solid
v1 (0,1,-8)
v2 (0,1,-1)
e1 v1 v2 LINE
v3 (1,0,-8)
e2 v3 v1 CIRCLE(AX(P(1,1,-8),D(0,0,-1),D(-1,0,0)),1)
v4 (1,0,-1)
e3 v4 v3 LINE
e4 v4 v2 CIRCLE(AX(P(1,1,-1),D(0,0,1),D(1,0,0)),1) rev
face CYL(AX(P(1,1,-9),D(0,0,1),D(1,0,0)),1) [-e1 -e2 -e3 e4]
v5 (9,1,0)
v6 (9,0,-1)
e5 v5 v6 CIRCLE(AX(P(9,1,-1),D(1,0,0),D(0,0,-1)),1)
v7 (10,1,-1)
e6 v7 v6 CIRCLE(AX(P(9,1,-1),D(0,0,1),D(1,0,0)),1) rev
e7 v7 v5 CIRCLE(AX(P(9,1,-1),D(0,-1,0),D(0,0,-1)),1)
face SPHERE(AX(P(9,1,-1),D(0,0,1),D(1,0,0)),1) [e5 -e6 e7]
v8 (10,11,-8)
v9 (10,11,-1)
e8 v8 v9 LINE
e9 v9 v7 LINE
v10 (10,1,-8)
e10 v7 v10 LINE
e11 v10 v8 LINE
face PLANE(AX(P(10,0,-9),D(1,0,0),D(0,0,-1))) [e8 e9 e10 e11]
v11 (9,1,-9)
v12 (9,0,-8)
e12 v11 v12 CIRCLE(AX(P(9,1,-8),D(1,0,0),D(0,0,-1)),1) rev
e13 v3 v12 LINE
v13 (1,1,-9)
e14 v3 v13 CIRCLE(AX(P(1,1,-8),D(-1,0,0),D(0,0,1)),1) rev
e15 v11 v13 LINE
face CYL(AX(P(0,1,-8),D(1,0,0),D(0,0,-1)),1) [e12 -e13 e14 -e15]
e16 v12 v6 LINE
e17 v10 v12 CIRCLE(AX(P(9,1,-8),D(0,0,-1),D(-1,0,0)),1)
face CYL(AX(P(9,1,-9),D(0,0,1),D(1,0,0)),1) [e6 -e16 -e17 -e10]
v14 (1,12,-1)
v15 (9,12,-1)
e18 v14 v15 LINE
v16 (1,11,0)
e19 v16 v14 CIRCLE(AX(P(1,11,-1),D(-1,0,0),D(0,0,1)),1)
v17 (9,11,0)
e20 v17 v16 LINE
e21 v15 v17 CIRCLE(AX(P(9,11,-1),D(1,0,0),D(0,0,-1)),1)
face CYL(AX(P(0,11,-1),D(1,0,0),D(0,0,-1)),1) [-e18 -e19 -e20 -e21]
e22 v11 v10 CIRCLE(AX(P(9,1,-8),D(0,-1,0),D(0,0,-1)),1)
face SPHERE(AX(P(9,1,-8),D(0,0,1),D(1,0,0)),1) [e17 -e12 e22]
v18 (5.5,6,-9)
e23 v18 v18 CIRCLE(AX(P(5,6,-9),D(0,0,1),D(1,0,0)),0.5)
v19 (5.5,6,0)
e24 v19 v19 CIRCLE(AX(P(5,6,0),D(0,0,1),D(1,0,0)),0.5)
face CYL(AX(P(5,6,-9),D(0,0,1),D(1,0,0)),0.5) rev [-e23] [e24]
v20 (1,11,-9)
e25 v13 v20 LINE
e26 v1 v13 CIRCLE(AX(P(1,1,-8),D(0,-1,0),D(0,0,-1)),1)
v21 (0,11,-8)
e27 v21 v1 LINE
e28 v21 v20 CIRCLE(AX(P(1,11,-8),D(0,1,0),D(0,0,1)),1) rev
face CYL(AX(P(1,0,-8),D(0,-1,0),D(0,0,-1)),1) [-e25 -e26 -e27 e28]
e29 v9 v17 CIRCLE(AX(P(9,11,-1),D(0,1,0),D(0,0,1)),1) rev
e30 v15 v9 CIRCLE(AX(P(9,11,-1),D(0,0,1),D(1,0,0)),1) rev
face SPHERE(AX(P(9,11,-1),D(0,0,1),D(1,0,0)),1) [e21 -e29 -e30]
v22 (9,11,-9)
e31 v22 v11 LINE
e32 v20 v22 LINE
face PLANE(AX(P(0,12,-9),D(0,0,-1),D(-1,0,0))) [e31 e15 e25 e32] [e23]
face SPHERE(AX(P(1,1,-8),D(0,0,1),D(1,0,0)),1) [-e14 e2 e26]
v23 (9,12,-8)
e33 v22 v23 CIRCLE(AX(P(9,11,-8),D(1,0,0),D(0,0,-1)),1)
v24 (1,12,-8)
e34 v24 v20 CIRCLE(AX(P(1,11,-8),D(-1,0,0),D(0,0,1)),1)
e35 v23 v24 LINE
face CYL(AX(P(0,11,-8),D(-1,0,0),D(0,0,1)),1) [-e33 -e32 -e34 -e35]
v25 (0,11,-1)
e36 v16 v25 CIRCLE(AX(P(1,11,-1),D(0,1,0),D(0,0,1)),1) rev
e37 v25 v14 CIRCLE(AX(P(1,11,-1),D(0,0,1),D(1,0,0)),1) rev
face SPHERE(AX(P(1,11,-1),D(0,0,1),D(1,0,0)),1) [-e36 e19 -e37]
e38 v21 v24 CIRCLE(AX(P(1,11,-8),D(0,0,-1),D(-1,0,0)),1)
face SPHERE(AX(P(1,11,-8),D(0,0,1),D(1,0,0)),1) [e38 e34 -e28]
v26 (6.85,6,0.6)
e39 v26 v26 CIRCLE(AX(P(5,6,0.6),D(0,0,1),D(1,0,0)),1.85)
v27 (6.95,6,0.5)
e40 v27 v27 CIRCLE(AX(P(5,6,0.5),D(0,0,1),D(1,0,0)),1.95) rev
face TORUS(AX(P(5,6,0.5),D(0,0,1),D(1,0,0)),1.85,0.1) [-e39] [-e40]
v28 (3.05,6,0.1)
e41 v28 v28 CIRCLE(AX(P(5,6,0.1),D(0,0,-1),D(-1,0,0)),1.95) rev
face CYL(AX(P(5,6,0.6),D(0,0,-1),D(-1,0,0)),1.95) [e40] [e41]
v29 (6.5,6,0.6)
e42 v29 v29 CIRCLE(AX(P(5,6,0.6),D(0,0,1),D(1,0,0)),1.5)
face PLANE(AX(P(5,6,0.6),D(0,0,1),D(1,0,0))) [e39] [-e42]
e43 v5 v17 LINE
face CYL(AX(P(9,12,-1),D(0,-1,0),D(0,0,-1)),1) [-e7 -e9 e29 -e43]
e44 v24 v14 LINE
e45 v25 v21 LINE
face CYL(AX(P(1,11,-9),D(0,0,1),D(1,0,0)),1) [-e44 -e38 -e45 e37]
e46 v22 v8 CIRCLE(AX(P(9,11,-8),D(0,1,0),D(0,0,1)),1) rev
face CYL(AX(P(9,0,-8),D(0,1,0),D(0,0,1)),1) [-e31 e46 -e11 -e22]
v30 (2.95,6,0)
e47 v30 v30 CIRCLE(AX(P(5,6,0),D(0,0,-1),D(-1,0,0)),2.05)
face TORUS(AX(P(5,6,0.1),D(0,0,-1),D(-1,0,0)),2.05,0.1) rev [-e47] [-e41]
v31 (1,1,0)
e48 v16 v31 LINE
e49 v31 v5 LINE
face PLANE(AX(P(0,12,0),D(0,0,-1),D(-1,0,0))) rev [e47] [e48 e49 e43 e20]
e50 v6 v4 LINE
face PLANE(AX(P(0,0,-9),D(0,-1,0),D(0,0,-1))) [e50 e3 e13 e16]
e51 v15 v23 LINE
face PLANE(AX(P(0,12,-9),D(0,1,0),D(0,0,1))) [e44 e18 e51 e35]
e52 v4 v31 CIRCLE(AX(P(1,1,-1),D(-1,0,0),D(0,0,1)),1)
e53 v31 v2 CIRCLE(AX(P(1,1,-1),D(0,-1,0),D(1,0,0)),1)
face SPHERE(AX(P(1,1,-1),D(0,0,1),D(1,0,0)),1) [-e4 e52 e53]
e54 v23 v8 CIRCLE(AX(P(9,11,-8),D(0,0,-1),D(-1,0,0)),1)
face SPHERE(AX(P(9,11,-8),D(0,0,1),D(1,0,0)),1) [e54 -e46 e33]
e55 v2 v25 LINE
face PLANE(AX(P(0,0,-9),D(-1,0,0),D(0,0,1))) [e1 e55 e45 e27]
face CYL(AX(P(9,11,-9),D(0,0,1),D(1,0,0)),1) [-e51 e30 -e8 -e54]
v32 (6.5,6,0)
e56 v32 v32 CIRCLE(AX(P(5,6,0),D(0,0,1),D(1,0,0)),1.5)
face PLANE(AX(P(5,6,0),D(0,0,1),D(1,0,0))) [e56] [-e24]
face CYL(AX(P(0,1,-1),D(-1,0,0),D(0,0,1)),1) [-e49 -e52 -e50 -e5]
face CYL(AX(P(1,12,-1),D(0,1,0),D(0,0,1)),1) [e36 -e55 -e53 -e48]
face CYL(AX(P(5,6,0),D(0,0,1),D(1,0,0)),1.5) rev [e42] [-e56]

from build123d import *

# Parameters (mm, degrees)
SKETCH1_W           = 10
SKETCH1_H           = 12
BOSS_EXTRUDE1_DEPTH = 9
SKETCH3_R           = 1.95
BOSS_EXTRUDE2_DEPTH = 0.6
SKETCH5_R           = 1.5
CUT_EXTRUDE1_DEPTH  = 0.6
SKETCH7_R           = 0.5
CUT_EXTRUDE2_DEPTH  = 19.027756377
FILLET1_R           = 1
FILLET2_R           = 0.1


with BuildPart() as part:
    # Sketch1 → Boss-Extrude1 (new body)
    with BuildSketch(Plane.XY):
        with Locations((5, 6)):
            Rectangle(SKETCH1_W, SKETCH1_H)
    extrude(amount=-BOSS_EXTRUDE1_DEPTH)

    # Sketch3 → Boss-Extrude2 (add)
    with BuildSketch(Plane.XY):
        with Locations(Location((5, 6, 0), (0, 0, 180))):
            Circle(SKETCH3_R)
    extrude(amount=BOSS_EXTRUDE2_DEPTH)

    # Sketch5 → Cut-Extrude1 (cut)
    with BuildSketch(Plane.XY.offset(0.6)):
        with Locations((5, 6)):
            Circle(SKETCH5_R)
    extrude(amount=-CUT_EXTRUDE1_DEPTH, mode=Mode.SUBTRACT)

    # Sketch7 → Cut-Extrude2 (cut, through all)
    with BuildSketch(Plane.XY):
        with Locations((5, 6)):
            Circle(SKETCH7_R)
    extrude(amount=-CUT_EXTRUDE2_DEPTH, mode=Mode.SUBTRACT)

    # Fillet1
    fillet1_edges = [part.edges().sort_by_distance(p)[0] for p in [
        (10, 6, -9),
        (5, 12, -9),
        (0, 6, -9),
        (5, 12, 0),
        (10, 6, 0),
        (5, 0, 0),
        (0, 6, 0),
        (5, 0, -9),
        (0, 12, -4.5),
        (10, 12, -4.5),
        (10, 0, -4.5),
        (0, 0, -4.5),
    ]]
    fillet(fillet1_edges, radius=FILLET1_R)

    # Fillet2
    fillet2_edges = [part.edges().sort_by_distance(p)[0] for p in [
        (6.95, 6, 0),
        (6.95, 6, 0.6),
    ]]
    fillet(fillet2_edges, radius=FILLET2_R)


solid = part.part
